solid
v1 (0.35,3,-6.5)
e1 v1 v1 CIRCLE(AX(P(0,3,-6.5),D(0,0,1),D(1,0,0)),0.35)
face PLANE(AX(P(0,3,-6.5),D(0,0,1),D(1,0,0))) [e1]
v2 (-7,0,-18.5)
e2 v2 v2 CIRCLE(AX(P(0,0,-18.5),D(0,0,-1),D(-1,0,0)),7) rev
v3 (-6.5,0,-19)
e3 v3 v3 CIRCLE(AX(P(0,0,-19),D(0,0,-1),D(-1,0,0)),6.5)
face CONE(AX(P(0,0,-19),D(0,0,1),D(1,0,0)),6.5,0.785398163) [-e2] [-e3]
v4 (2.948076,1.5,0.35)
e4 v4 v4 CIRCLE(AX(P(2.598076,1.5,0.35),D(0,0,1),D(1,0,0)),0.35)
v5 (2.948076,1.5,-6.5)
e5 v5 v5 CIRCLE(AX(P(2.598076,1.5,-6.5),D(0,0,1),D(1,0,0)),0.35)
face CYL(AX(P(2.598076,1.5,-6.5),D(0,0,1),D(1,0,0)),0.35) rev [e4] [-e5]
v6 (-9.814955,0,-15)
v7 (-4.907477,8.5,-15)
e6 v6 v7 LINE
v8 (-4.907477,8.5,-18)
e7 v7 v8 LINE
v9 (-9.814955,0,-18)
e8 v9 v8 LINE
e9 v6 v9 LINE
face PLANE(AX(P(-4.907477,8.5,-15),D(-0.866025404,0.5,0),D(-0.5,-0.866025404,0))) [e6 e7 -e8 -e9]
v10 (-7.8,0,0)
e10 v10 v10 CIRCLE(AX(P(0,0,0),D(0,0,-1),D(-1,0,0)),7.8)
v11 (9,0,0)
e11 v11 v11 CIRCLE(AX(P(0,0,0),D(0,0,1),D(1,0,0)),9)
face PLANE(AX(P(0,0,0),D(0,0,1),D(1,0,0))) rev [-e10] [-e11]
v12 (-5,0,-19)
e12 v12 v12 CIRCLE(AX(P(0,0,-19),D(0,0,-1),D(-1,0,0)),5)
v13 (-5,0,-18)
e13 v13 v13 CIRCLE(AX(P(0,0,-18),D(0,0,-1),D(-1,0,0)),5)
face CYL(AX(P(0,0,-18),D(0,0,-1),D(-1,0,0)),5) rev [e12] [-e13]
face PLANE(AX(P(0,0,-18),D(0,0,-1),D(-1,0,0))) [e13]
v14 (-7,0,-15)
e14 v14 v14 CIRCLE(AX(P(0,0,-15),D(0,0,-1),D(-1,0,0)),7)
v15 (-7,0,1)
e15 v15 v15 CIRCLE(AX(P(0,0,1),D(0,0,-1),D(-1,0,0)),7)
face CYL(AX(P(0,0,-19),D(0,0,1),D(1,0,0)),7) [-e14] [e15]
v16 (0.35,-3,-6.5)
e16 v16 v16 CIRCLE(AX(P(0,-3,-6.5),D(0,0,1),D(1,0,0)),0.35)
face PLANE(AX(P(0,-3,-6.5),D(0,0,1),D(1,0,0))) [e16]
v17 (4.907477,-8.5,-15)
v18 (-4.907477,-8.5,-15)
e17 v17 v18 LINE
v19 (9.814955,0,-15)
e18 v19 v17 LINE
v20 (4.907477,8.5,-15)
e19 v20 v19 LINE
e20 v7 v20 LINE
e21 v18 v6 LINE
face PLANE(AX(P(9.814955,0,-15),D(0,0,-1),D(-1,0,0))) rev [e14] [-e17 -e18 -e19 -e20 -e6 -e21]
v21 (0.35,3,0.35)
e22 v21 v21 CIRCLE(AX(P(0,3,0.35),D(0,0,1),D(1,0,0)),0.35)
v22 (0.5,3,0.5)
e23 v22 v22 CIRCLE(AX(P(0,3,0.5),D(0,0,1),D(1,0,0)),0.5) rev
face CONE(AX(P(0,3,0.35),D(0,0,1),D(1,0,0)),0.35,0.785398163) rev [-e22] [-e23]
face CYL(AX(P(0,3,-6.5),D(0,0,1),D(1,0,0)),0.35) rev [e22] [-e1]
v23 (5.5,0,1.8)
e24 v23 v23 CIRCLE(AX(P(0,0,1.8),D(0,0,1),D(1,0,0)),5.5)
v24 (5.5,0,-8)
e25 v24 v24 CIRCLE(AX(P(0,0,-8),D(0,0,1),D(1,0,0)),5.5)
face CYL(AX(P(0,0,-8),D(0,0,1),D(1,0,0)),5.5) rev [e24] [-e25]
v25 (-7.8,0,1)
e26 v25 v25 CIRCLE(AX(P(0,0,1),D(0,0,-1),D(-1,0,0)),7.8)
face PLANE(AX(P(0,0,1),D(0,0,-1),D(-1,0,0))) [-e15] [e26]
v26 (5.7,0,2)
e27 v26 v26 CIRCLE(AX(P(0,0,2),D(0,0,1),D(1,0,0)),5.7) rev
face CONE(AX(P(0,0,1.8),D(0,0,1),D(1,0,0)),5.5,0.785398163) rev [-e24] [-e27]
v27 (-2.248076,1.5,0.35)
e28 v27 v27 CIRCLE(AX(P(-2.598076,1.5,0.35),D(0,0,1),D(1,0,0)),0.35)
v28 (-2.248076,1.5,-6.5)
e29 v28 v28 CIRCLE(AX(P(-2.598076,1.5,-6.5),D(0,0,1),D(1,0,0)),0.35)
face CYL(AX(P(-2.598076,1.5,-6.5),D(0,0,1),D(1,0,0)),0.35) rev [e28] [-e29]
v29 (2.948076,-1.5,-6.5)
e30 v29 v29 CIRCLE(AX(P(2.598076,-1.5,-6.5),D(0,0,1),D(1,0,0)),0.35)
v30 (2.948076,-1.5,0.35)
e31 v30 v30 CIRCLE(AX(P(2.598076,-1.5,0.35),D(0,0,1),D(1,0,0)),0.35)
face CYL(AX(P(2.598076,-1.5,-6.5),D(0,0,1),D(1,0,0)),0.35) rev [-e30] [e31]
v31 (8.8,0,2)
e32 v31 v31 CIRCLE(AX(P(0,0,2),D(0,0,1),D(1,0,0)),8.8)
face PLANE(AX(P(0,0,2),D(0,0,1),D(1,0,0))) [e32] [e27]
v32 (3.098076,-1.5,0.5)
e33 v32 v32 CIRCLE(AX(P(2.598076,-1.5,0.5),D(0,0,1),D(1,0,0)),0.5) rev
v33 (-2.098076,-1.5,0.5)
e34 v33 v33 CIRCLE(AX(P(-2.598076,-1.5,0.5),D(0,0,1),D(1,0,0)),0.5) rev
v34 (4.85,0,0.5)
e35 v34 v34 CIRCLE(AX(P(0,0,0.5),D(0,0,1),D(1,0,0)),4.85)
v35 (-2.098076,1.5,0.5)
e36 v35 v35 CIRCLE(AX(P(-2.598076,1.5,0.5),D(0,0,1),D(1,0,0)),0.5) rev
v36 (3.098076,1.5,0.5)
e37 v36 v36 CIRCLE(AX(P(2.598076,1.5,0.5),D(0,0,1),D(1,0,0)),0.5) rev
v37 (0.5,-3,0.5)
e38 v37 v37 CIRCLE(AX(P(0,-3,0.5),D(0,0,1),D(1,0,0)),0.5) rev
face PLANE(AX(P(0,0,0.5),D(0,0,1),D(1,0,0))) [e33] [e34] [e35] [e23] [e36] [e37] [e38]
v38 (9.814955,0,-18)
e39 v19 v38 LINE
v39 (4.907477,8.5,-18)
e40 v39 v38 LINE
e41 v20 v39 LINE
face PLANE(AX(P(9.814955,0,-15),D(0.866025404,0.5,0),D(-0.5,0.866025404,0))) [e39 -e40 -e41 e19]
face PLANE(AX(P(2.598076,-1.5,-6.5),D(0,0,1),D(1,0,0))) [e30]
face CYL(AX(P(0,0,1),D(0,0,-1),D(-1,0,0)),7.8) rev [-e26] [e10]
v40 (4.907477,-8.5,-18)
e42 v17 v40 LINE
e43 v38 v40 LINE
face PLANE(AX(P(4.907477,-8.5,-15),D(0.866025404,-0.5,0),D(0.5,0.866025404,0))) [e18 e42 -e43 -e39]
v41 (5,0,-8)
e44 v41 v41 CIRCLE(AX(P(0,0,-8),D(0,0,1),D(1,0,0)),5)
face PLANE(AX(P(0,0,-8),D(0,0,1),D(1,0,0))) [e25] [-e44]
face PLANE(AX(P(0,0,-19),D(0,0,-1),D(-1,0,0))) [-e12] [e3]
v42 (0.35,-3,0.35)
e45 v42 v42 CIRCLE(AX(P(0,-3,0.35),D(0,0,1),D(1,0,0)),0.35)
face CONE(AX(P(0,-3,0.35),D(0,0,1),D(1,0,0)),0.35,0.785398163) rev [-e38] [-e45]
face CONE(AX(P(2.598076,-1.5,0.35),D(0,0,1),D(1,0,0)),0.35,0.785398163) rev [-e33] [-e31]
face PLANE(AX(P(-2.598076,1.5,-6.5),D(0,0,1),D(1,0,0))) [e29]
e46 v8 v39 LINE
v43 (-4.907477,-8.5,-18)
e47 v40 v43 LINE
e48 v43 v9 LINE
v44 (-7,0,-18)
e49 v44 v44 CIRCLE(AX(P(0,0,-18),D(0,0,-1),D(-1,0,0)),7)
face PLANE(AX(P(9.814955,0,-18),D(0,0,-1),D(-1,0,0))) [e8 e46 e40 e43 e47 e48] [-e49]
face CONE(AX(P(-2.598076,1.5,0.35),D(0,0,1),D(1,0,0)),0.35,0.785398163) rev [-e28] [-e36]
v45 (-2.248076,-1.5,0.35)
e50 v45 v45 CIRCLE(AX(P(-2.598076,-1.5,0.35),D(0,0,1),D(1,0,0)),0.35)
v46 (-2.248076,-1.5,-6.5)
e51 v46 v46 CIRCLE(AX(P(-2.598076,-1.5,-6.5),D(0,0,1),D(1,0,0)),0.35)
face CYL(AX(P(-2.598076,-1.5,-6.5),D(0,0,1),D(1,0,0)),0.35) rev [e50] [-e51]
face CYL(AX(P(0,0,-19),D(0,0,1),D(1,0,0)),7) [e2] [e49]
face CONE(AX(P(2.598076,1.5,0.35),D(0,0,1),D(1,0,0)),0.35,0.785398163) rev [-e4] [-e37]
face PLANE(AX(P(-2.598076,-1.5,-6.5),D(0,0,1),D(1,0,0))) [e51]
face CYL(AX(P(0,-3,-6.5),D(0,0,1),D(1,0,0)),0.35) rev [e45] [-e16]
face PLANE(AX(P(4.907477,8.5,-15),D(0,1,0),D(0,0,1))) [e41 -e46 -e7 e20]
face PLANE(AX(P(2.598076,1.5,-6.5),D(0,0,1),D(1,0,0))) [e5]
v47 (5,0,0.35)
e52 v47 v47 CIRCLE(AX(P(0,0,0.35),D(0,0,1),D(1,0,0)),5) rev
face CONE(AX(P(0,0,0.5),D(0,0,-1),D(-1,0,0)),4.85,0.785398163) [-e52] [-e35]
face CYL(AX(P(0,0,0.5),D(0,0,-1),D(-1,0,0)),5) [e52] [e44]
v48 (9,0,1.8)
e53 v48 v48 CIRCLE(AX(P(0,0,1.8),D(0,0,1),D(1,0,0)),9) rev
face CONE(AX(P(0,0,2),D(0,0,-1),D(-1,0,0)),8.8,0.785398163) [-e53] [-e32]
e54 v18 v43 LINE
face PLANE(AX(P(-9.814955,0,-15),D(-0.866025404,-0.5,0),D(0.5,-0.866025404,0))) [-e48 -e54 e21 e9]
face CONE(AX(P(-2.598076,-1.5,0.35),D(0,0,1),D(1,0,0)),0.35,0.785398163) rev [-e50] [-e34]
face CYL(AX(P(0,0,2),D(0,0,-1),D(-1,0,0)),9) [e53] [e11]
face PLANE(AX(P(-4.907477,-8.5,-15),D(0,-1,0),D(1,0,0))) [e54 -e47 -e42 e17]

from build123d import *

# Parameters (mm, degrees)
SKETCH1_R          = 9
EXTRUDE1_DEPTH     = 2
SKETCH4_R          = 7
EXTRUDE2_DEPTH     = 19
SKETCH2_R          = 5.5
CUT_EXTRUDE1_DEPTH = 10
SKETCH3_R          = 7.8
SKETCH3_R_2        = 7
CUT_EXTRUDE2_DEPTH = 1
SKETCH5_R          = 5
EXTRUDE3_DEPTH     = 8.5
SKETCH6_R          = 0.35
CUT_EXTRUDE3_DEPTH = 7
CHAMFER2_SIZE      = 0.15
CHAMFER1_SIZE      = 0.2
SKETCH7_R          = 5
CUT_EXTRUDE4_DEPTH = 1
CHAMFER3_SIZE      = 0.5
EXTRUDE4_DEPTH     = 3


with BuildPart() as part:
    # Sketch1 → Extrude1 (new body)
    with BuildSketch(Plane.XY):
        Circle(SKETCH1_R)
    extrude(amount=EXTRUDE1_DEPTH)

    # Sketch4 → Extrude2 (add)
    with BuildSketch(Plane(origin=(0, 0, 0), x_dir=(-1, 0, 0), z_dir=(0, 0, -1))):
        Circle(SKETCH4_R)
    extrude(amount=EXTRUDE2_DEPTH)

    # Sketch2 → Cut-Extrude1 (cut)
    with BuildSketch(Plane.XY.offset(2)):
        Circle(SKETCH2_R)
    extrude(amount=-CUT_EXTRUDE1_DEPTH, mode=Mode.SUBTRACT)

    # Sketch3 → Cut-Extrude2 (cut)
    with BuildSketch(Plane(origin=(0, 0, 0), x_dir=(-1, 0, 0), z_dir=(0, 0, -1))):
        Circle(SKETCH3_R)
        Circle(SKETCH3_R_2, mode=Mode.SUBTRACT)
    extrude(amount=-CUT_EXTRUDE2_DEPTH, mode=Mode.SUBTRACT)

    # Sketch5 → Extrude3 (add)
    with BuildSketch(Plane.XY.offset(-8)):
        Circle(SKETCH5_R)
    extrude(amount=EXTRUDE3_DEPTH)

    # Sketch6 → Cut-Extrude3 (cut)
    with BuildSketch(Plane.XY.offset(0.5)):
        with Locations((0, 3)):
            Circle(SKETCH6_R)
        with Locations((0, -3)):
            Circle(SKETCH6_R)
        with Locations((2.598076211, 1.5)):
            Circle(SKETCH6_R)
        with Locations((2.598076211, -1.5)):
            Circle(SKETCH6_R)
        with Locations((-2.598076211, 1.5)):
            Circle(SKETCH6_R)
        with Locations((-2.598076211, -1.5)):
            Circle(SKETCH6_R)
    extrude(amount=-CUT_EXTRUDE3_DEPTH, mode=Mode.SUBTRACT)

    # Chamfer2
    chamfer2_edges = [part.edges().sort_by_distance(p)[0] for p in [
        (-5, 0, 0.5),
        (-0.35, 3, 0.5),
        (-0.35, -3, 0.5),
        (2.248076211, 1.5, 0.5),
        (2.248076211, -1.5, 0.5),
        (-2.948076211, 1.5, 0.5),
        (-2.948076211, -1.5, 0.5),
    ]]
    chamfer(chamfer2_edges, length=CHAMFER2_SIZE)

    # Chamfer1
    chamfer1_edges = [part.edges().sort_by_distance(p)[0] for p in [
        (-5.5, 0, 2),
        (-9, 0, 2),
    ]]
    chamfer(chamfer1_edges, length=CHAMFER1_SIZE)

    # Sketch7 → Cut-Extrude4 (cut)
    with BuildSketch(Plane(origin=(0, 0, -19), x_dir=(-1, 0, 0), z_dir=(0, 0, -1))):
        Circle(SKETCH7_R)
    extrude(amount=-CUT_EXTRUDE4_DEPTH, mode=Mode.SUBTRACT)

    # Chamfer3
    chamfer3_edges = [part.edges().sort_by_distance(p)[0] for p in [
        (7, 0, -19),
    ]]
    chamfer(chamfer3_edges, length=CHAMFER3_SIZE)

    # Sketch8 → Extrude4 (add)
    with BuildSketch(Plane(origin=(0, 0, -18), x_dir=(-1, 0, 0), z_dir=(0, 0, -1))):
        Polygon((-4.907477288, 8.5), (4.907477288, 8.5), (9.814954576, 0), (4.907477288, -8.5), (-4.907477288, -8.5), (-9.814954576, 0), align=None)
    extrude(amount=-EXTRUDE4_DEPTH)


solid = part.part
